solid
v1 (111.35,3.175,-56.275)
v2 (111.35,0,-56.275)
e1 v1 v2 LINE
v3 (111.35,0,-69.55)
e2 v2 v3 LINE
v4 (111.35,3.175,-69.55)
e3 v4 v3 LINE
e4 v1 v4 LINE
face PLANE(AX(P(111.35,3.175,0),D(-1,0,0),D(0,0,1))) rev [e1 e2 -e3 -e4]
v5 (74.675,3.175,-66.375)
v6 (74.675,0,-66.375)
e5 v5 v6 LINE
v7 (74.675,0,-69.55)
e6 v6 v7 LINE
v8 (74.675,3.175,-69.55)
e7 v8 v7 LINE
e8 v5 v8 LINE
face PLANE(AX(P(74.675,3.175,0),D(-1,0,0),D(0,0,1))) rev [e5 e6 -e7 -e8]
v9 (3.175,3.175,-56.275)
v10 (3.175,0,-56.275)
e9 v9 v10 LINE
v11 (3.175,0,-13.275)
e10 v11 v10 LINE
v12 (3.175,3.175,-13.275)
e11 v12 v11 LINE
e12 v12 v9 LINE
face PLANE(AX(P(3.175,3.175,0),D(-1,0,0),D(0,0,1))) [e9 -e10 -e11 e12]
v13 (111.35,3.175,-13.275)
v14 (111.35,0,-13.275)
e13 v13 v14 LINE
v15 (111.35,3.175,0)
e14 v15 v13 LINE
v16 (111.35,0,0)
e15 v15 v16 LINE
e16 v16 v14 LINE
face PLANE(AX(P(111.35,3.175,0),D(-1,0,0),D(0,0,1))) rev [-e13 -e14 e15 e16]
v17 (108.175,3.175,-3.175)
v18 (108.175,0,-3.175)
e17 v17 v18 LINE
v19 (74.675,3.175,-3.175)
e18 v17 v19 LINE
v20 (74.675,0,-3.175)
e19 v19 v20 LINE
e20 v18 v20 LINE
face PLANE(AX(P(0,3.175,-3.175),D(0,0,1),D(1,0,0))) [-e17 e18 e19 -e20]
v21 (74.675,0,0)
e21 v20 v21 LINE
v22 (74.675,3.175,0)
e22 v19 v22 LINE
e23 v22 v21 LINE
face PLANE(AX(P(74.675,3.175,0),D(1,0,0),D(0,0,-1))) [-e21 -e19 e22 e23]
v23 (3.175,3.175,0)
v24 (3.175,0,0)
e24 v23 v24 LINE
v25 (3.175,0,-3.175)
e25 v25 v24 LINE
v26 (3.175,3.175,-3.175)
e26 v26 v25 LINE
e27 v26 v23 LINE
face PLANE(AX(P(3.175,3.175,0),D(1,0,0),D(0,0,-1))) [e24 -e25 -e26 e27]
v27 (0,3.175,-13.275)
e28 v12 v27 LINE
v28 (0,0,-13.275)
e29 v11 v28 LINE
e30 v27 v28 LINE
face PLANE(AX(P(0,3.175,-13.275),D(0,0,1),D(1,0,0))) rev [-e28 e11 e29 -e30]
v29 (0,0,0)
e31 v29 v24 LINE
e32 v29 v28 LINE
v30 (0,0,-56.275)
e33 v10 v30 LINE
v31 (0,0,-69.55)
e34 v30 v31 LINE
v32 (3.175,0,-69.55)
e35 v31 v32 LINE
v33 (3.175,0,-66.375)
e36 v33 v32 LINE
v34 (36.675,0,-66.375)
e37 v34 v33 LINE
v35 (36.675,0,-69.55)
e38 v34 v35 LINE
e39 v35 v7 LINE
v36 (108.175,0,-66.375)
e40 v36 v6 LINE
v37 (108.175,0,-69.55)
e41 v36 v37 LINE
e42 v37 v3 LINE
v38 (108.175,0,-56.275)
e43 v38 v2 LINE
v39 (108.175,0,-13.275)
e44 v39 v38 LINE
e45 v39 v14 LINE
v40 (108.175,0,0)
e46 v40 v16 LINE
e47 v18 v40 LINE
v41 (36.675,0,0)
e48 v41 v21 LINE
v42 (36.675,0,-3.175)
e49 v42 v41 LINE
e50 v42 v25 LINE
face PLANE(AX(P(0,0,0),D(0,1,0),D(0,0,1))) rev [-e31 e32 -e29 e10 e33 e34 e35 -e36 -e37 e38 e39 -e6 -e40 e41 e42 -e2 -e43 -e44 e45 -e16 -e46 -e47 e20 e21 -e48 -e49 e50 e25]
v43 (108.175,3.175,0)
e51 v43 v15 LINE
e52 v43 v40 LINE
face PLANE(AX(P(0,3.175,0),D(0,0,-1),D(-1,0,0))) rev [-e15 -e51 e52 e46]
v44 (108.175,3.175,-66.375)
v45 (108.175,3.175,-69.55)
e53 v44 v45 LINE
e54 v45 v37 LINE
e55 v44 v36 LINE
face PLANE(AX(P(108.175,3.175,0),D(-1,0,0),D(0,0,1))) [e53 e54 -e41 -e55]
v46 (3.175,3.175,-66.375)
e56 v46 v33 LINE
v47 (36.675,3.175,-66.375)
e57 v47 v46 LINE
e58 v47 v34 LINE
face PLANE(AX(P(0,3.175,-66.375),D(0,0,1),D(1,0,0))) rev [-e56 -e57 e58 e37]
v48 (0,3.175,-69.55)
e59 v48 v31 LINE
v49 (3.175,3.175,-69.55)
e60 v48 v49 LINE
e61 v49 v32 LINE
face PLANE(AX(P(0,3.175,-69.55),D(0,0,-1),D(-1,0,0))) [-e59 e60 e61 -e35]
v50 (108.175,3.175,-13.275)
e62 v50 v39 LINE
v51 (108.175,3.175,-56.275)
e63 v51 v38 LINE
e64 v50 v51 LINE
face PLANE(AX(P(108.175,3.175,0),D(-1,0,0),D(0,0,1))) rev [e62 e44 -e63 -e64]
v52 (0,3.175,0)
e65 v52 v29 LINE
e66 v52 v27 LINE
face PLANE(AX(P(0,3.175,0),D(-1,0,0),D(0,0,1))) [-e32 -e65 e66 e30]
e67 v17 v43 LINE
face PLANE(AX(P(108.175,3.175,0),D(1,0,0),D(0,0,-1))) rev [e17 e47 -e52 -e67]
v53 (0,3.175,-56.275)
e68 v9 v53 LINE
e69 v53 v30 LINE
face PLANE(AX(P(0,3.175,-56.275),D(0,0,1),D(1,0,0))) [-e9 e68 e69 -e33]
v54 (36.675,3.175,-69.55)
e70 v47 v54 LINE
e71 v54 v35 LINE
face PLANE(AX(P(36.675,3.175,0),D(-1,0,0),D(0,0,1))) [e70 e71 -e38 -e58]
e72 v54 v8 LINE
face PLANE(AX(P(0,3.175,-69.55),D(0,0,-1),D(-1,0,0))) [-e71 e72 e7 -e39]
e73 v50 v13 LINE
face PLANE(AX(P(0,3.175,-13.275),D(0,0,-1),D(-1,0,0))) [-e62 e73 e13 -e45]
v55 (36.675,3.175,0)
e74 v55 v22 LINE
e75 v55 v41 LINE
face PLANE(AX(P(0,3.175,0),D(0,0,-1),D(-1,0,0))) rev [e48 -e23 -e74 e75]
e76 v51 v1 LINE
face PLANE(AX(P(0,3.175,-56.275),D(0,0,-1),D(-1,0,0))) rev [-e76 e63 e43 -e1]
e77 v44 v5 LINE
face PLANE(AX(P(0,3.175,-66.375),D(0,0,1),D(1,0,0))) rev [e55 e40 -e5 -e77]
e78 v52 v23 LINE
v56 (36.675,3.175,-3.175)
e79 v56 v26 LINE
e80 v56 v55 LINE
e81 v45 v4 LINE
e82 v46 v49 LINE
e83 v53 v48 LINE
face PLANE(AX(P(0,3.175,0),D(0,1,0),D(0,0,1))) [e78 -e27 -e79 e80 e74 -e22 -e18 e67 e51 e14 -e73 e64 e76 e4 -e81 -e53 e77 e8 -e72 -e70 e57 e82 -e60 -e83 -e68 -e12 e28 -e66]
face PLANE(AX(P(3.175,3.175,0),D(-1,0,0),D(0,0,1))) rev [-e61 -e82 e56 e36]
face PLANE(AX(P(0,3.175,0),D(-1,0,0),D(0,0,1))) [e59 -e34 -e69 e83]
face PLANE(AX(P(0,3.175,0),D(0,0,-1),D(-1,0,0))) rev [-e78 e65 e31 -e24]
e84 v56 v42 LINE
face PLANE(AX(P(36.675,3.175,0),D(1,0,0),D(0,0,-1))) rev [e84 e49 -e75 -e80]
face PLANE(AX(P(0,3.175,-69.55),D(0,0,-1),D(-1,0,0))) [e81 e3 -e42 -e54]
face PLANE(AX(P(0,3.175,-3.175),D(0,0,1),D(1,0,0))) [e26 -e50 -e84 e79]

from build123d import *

# Parameters (mm, degrees)
SKETCH1_W           = 38
SKETCH1_H           = 3.175
BOSS_EXTRUDE1_DEPTH = 3.175


with BuildPart() as part:
    # Sketch1 → Boss-Extrude1 (new body)
    with BuildSketch(Plane(origin=(0, 0, 0), x_dir=(1, 0, 0), z_dir=(0, 1, 0))):
        Polygon((0, 13.275), (0, 0), (3.175, 0), (3.175, 3.175), (36.675, 3.175), (74.675, 3.175), (108.175, 3.175), (108.175, 0), (111.35, 0), (111.35, 13.275), (108.175, 13.275), (108.175, 56.275), (111.35, 56.275), (111.35, 69.55), (108.175, 69.55), (108.175, 66.375), (74.675, 66.375), (36.675, 66.375), (3.175, 66.375), (3.175, 69.55), (0, 69.55), (0, 56.275), (3.175, 56.275), (3.175, 13.275), align=None)
        with Locations((55.675, 67.9625)):
            Rectangle(SKETCH1_W, SKETCH1_H)
        with Locations((55.675, 1.5875)):
            Rectangle(SKETCH1_W, SKETCH1_H)
    extrude(amount=BOSS_EXTRUDE1_DEPTH)


solid = part.part
